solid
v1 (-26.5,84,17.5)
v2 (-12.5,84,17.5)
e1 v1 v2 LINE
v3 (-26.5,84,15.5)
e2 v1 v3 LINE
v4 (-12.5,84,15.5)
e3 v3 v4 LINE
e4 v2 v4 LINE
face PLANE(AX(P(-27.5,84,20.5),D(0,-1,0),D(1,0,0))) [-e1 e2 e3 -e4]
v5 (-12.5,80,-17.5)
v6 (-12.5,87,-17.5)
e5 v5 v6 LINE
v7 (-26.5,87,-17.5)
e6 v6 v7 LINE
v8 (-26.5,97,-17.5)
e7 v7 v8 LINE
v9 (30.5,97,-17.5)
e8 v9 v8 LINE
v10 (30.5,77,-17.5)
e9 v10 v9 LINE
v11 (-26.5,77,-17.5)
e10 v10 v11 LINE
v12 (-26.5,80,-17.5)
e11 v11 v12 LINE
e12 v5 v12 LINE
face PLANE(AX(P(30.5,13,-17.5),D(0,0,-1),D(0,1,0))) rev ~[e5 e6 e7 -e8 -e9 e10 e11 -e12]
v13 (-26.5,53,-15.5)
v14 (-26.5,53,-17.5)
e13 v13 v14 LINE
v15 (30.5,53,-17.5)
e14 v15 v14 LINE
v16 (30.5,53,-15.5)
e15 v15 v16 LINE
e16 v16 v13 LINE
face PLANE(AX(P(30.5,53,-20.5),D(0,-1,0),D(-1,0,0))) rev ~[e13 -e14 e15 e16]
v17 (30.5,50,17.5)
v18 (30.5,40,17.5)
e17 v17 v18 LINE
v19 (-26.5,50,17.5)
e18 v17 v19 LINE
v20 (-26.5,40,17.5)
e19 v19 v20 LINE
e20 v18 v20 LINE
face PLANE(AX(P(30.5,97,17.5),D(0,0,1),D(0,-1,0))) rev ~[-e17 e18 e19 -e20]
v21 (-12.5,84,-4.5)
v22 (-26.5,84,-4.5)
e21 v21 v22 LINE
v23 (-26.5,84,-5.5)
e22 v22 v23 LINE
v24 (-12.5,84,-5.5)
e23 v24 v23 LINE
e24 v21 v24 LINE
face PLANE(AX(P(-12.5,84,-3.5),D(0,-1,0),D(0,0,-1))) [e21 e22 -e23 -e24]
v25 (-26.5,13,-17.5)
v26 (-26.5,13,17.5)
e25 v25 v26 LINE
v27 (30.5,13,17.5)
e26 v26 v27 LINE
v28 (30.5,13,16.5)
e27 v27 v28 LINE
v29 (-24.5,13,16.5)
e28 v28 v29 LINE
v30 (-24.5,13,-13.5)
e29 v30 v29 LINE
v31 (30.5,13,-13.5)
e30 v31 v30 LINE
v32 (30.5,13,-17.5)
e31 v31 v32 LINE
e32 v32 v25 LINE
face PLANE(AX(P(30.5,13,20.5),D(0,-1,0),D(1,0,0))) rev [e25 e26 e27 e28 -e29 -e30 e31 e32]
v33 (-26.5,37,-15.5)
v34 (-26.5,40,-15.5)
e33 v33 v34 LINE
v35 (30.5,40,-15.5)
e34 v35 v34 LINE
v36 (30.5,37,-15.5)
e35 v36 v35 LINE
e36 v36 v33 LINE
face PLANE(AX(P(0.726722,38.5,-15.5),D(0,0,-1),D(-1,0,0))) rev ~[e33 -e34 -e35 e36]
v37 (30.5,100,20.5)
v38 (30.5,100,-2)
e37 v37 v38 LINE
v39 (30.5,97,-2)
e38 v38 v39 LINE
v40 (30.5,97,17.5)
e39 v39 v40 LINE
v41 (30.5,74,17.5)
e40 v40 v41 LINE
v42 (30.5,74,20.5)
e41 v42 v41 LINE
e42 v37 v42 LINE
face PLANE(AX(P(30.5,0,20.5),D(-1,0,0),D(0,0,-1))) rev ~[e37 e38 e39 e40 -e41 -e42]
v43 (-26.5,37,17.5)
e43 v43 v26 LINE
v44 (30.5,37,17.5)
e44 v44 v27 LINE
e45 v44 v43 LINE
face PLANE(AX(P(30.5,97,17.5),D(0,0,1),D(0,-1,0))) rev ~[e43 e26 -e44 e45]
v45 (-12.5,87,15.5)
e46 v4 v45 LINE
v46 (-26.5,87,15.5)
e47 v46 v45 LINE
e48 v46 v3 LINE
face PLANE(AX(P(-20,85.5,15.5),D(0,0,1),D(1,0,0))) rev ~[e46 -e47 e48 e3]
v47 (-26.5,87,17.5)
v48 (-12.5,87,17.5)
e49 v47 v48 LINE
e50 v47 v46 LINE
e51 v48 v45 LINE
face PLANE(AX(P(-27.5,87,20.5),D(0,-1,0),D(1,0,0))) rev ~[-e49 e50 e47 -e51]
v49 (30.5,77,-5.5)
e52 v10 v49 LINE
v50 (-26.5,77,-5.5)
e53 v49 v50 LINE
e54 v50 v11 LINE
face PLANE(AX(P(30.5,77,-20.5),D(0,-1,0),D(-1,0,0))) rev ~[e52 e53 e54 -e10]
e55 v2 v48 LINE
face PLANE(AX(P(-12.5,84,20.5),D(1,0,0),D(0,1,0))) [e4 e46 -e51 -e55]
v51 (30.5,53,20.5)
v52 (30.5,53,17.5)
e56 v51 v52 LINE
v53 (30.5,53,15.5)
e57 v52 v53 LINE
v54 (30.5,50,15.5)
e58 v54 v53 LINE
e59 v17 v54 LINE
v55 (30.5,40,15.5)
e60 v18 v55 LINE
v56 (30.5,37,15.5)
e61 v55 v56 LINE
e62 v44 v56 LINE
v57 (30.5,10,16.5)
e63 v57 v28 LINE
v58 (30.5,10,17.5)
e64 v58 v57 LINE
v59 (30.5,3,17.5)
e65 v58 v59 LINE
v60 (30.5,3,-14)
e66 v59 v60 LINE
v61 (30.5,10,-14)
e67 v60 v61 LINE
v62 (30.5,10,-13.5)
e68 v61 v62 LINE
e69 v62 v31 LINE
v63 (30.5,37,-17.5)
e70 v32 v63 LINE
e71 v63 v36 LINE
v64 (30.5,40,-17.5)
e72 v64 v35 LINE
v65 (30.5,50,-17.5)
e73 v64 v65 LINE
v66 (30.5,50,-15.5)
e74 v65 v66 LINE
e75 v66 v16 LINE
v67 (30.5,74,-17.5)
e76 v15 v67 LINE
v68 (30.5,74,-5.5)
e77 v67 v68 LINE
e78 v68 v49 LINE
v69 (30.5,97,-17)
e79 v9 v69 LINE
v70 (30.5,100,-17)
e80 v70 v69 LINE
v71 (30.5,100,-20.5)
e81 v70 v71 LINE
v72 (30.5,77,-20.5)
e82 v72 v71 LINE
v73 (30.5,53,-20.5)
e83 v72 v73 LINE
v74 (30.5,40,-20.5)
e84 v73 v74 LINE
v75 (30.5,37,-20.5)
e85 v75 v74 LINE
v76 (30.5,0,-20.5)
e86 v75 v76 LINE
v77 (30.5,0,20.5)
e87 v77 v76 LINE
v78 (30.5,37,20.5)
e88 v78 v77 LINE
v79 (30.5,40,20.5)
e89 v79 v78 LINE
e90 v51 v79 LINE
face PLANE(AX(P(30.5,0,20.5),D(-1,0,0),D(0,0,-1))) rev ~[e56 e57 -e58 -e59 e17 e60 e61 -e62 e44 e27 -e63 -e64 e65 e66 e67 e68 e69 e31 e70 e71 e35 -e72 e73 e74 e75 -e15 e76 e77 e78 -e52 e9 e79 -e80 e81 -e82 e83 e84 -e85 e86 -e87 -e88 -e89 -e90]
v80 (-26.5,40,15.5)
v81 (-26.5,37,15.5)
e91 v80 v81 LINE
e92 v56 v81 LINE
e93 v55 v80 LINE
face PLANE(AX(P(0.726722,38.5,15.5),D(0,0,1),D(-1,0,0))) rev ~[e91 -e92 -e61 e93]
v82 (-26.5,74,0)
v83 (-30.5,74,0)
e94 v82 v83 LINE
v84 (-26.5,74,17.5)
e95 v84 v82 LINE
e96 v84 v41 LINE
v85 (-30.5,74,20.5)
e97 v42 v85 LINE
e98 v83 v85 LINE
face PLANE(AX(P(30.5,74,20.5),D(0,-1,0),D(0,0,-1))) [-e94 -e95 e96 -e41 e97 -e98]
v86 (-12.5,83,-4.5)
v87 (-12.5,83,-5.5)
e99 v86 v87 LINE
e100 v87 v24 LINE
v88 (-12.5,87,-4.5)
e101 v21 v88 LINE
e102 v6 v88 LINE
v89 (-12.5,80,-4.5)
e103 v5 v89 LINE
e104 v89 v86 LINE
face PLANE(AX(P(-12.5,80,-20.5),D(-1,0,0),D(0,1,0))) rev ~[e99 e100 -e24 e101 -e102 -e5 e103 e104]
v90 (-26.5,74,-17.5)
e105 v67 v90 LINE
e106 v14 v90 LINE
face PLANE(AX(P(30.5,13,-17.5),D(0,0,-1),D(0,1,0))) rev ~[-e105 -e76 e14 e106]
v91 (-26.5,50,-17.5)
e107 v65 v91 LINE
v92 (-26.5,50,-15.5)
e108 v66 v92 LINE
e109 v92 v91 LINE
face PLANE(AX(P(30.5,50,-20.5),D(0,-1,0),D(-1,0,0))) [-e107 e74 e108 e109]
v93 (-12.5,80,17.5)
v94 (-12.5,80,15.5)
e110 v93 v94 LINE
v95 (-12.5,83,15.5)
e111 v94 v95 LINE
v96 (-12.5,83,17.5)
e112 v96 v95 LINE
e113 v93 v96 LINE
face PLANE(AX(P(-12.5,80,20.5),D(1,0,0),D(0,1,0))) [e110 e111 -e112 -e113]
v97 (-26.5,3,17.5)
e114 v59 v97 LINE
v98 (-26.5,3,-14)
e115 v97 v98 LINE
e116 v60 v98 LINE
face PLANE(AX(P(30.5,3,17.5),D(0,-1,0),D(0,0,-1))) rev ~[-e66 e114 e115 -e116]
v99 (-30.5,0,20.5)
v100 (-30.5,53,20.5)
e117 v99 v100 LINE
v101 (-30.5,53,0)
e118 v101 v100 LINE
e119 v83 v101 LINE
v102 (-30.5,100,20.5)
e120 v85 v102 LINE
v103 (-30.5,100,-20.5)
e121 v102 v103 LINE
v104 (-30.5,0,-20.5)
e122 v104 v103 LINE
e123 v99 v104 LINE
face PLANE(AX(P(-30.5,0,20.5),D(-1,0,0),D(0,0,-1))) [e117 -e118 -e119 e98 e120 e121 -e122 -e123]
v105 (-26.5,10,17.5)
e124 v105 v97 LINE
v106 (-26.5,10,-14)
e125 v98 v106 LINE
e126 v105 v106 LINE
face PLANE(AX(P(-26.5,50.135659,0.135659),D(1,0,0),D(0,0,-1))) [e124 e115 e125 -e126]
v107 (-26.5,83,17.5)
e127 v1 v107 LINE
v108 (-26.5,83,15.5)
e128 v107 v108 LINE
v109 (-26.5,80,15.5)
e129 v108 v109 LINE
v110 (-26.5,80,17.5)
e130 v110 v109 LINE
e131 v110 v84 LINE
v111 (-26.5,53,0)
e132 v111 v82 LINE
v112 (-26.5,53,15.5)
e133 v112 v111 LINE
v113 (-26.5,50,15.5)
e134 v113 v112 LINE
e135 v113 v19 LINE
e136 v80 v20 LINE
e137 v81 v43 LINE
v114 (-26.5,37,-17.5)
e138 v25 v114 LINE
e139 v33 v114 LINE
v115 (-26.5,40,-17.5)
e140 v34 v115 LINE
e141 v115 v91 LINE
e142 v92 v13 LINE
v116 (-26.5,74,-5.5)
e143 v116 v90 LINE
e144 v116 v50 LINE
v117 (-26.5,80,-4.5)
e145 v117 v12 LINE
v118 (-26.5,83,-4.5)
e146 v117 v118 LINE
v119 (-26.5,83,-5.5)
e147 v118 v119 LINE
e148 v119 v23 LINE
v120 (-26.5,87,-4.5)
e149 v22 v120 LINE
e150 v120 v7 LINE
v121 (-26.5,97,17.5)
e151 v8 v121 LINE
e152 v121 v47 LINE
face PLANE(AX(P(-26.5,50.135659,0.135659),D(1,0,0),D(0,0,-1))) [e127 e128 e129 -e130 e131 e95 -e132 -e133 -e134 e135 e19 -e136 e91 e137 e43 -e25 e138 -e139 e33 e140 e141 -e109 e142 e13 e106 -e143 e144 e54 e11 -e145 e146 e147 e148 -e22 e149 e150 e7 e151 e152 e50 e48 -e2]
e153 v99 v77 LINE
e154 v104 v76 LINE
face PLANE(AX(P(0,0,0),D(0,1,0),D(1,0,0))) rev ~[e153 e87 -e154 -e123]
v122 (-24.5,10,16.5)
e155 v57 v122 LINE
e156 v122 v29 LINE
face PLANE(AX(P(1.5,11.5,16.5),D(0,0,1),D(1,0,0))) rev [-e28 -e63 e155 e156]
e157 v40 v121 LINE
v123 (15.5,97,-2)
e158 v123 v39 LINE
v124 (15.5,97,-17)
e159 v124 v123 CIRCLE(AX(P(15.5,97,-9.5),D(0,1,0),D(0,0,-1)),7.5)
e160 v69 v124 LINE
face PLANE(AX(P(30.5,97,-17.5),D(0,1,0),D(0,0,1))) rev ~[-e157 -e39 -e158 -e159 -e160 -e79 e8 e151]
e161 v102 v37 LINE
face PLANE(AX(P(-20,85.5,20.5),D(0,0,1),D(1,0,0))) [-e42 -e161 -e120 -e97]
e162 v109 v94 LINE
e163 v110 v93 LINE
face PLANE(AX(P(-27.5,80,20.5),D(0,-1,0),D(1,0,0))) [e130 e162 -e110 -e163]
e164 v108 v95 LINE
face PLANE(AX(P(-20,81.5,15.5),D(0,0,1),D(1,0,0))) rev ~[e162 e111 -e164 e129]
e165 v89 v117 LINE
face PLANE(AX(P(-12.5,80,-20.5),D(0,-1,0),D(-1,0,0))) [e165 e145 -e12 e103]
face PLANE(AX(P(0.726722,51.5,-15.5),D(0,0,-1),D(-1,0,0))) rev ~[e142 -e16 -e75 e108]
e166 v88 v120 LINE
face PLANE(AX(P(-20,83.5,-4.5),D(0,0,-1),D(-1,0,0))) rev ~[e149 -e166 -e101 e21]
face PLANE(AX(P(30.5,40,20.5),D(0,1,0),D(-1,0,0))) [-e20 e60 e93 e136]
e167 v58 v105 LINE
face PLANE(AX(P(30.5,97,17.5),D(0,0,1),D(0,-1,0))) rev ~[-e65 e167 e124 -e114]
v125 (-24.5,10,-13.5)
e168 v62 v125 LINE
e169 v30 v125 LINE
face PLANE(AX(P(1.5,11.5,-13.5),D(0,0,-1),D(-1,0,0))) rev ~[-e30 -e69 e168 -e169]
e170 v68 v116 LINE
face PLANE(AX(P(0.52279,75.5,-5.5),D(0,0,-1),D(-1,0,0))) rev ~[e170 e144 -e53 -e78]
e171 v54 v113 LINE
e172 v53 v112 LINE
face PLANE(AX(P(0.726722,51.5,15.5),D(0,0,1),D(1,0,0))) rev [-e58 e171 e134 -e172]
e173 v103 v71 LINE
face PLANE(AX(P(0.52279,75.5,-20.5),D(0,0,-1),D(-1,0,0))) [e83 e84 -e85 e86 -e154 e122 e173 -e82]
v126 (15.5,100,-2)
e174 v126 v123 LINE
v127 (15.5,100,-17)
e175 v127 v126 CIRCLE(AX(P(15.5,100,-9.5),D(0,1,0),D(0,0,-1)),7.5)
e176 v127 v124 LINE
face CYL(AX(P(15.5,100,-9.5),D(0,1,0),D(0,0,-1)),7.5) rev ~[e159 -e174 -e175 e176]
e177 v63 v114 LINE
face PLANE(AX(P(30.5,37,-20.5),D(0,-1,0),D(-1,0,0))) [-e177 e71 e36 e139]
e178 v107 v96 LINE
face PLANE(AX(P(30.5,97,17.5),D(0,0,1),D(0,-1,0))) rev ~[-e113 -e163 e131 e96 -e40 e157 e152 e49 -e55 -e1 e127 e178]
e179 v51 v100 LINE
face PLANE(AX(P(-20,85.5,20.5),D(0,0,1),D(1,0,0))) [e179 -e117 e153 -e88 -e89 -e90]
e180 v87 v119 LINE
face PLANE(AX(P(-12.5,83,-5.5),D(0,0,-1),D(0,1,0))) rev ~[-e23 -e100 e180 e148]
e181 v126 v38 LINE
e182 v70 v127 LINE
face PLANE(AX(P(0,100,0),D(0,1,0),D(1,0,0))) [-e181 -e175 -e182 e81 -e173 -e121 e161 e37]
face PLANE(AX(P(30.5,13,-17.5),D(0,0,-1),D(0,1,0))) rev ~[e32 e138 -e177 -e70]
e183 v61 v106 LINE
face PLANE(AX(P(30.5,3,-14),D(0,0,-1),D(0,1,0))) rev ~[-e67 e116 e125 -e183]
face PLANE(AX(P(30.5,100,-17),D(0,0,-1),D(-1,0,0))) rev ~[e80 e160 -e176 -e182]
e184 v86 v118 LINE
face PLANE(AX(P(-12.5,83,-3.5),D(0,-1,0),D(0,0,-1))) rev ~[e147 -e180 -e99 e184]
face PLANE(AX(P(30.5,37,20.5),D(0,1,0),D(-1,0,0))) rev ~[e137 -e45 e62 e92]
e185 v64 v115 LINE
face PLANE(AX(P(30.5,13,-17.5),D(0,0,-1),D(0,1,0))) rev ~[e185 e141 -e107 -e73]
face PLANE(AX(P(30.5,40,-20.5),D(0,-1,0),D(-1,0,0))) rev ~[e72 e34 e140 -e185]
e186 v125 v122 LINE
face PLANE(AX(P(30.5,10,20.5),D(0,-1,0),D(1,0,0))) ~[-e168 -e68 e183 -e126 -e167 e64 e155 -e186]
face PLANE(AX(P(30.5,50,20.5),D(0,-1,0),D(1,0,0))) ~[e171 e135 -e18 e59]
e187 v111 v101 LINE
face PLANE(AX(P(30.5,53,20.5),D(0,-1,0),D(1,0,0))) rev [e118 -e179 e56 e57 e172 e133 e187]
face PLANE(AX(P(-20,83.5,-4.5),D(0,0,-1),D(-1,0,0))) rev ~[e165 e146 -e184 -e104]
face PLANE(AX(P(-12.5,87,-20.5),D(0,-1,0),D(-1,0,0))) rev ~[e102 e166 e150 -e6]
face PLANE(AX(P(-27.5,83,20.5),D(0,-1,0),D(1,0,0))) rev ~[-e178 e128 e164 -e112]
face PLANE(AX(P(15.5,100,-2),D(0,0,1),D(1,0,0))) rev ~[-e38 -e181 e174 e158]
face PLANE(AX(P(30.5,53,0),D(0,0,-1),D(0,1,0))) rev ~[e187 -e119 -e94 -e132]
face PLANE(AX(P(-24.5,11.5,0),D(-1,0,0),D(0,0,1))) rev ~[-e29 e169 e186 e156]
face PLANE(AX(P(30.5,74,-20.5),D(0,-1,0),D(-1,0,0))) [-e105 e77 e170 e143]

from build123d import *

# Parameters (mm, degrees)
ESQUISSE1_W                          = 61
ESQUISSE1_H                          = 41
BOSS_EXTRU_1_DEPTH                   = 100
ENL_V_MAT_EXTRU_1_DEPTH              = 57
ESQUISSE6_W                          = 58
ESQUISSE6_H                          = 3
BOSS_EXTRU_2_DEPTH                   = 4
ESQUISSE7_W                          = 35
ESQUISSE7_H                          = 3
BOSS_EXTRU_3_DEPTH                   = 6
ESQUISSE11_W                         = 58
ESQUISSE11_H                         = 3
BOSS_EXTRU_4_DEPTH                   = 7
ESQUISSE12_W                         = 59.546555331
ESQUISSE12_H                         = 3
BOSS_EXTRU_5_DEPTH                   = 5
R_P_TITION_LIN_AIRE1_COUNT           = 2
R_P_TITION_LIN_AIRE1_PITCH           = 13
R_P_TITION_LIN_AIRE1_COPY_1_SKETCH_W = 59.546555331
R_P_TITION_LIN_AIRE1_COPY_1_SKETCH_H = 3
R_P_TITION_LIN_AIRE1_COPY_1_DEPTH    = 5
ESQUISSE13_W                         = 15
ESQUISSE13_H                         = 3
BOSS_EXTRU_6_DEPTH                   = 5
R_P_TITION_LIN_AIRE3_COUNT           = 2
R_P_TITION_LIN_AIRE3_PITCH           = 4
ESQUISSE14_W                         = 15
ESQUISSE14_H                         = 7
BOSS_EXTRU_7_DEPTH                   = 16
ESQUISSE15_W                         = 2
ESQUISSE15_H                         = 1
ENL_V_MAT_EXTRU_2_DEPTH              = 14
ENL_V_MAT_EXTRU_3_DEPTH              = 15
ESQUISSE17_W                         = 59.954419869
ESQUISSE17_H                         = 3
BOSS_EXTRU_8_DEPTH                   = 15
ESQUISSE18_W                         = 20.5
ESQUISSE18_H                         = 21
ENL_V_MAT_EXTRU_4_DEPTH              = 62


with BuildPart() as part:
    # Esquisse1 → Boss.-Extru.1 (new body)
    with BuildSketch(Plane(origin=(0, 0, 0), x_dir=(1, 0, 0), z_dir=(0, 1, 0))):
        Rectangle(ESQUISSE1_W, ESQUISSE1_H)
    extrude(amount=BOSS_EXTRU_1_DEPTH)

    # Esquisse3 → Enlèv. mat.-Extru.1 (cut)
    with BuildSketch(Plane(origin=(30.5, 0, 0), x_dir=(0, 0, -1), z_dir=(1, 0, 0))):
        Polygon((17.5, 13), (17.5, 97), (-17.5, 97), (-17.5, 3), (14, 3), (14, 13), align=None)
    extrude(amount=-ENL_V_MAT_EXTRU_1_DEPTH, mode=Mode.SUBTRACT)

    # Esquisse6 → Boss.-Extru.2 (add)
    with BuildSketch(Plane(origin=(0, 0, -20.5), x_dir=(-1, 0, 0), z_dir=(0, 0, -1))):
        with Locations((-1.5, 11.5)):
            Rectangle(ESQUISSE6_W, ESQUISSE6_H)
    boss_extru_2 = extrude(amount=-BOSS_EXTRU_2_DEPTH)

    # Symétrie1: Boss.-Extru.2 across plane
    add(boss_extru_2.mirror(Plane.XY))

    # Esquisse7 → Boss.-Extru.3 (add)
    with BuildSketch(Plane.ZY.offset(30.5)):
        with Locations((0, 11.5)):
            Rectangle(ESQUISSE7_W, ESQUISSE7_H)
    extrude(amount=-BOSS_EXTRU_3_DEPTH)

    # Esquisse11 → Boss.-Extru.4 (add)
    with BuildSketch(Plane(origin=(0, 0, -20.5), x_dir=(-1, 0, 0), z_dir=(0, 0, -1))):
        with Locations((-1.5, 11.5)):
            Rectangle(ESQUISSE11_W, ESQUISSE11_H)
    extrude(amount=-BOSS_EXTRU_4_DEPTH)

    # Esquisse12 → Boss.-Extru.5 (add)
    with BuildSketch(Plane(origin=(0, 0, -20.5), x_dir=(-1, 0, 0), z_dir=(0, 0, -1))):
        with Locations((-0.726722335, 51.5)):
            Rectangle(ESQUISSE12_W, ESQUISSE12_H)
    boss_extru_5 = extrude(amount=-BOSS_EXTRU_5_DEPTH)

    # Symétrie2: Boss.-Extru.5 across plane
    add(boss_extru_5.mirror(Plane.XY))

    # Répétition linéaire1: Boss.-Extru.5 ×2
    with Locations(*[(0, -i * R_P_TITION_LIN_AIRE1_PITCH, 0) for i in range(1, R_P_TITION_LIN_AIRE1_COUNT)]):
        add(boss_extru_5)

    # Répétition linéaire1 copy 1 sketch → Répétition linéaire1 copy 1 (add)
    with BuildSketch(Plane(origin=(0, -13, 20.5), x_dir=(-1, 0, 0), z_dir=(0, 0, 1))):
        with Locations((-0.726722335, -51.5)):
            Rectangle(R_P_TITION_LIN_AIRE1_COPY_1_SKETCH_W, R_P_TITION_LIN_AIRE1_COPY_1_SKETCH_H)
    extrude(amount=-R_P_TITION_LIN_AIRE1_COPY_1_DEPTH)

    # Esquisse13 → Boss.-Extru.6 (add)
    with BuildSketch(Plane.XY.offset(20.5)):
        with Locations((-20, 81.5)):
            Rectangle(ESQUISSE13_W, ESQUISSE13_H)
    boss_extru_6 = extrude(amount=-BOSS_EXTRU_6_DEPTH)

    # Répétition linéaire3: Boss.-Extru.6 ×2
    with Locations(*[(0, i * R_P_TITION_LIN_AIRE3_PITCH, 0) for i in range(1, R_P_TITION_LIN_AIRE3_COUNT)]):
        add(boss_extru_6)

    # Esquisse14 → Boss.-Extru.7 (add)
    with BuildSketch(Plane(origin=(0, 0, -20.5), x_dir=(-1, 0, 0), z_dir=(0, 0, -1))):
        with Locations((20, 83.5)):
            Rectangle(ESQUISSE14_W, ESQUISSE14_H)
    extrude(amount=-BOSS_EXTRU_7_DEPTH)

    # Esquisse15 → Enlèv. mat.-Extru.2 (cut)
    with BuildSketch(Plane(origin=(-12.5, 0, 0), x_dir=(0, 0, -1), z_dir=(1, 0, 0))):
        with Locations((4.5, 83.5)):
            Rectangle(ESQUISSE15_W, ESQUISSE15_H)
    extrude(amount=-ENL_V_MAT_EXTRU_2_DEPTH, mode=Mode.SUBTRACT)

    # Esquisse16 → Enlèv. mat.-Extru.3 (cut)
    with BuildSketch(Plane(origin=(0, 100, 0), x_dir=(1, 0, 0), z_dir=(0, 1, 0))):
        with BuildLine():
            Line((15.5, 2), (30.5, 2))
            Line((30.5, 2), (30.5, 17))
            Line((30.5, 17), (15.5, 17))
            ThreePointArc((15.5, 17), (8, 9.5), (15.5, 2))
        make_face()
    extrude(amount=-ENL_V_MAT_EXTRU_3_DEPTH, mode=Mode.SUBTRACT)

    # Esquisse17 → Boss.-Extru.8 (add)
    with BuildSketch(Plane(origin=(0, 0, -20.5), x_dir=(-1, 0, 0), z_dir=(0, 0, -1))):
        with Locations((-0.522790066, 75.5)):
            Rectangle(ESQUISSE17_W, ESQUISSE17_H)
    extrude(amount=-BOSS_EXTRU_8_DEPTH)

    # Esquisse18 → Enlèv. mat.-Extru.4 (cut, through all)
    with BuildSketch(Plane(origin=(30.5, 0, 0), x_dir=(0, 0, -1), z_dir=(1, 0, 0))):
        with Locations((-10.25, 63.5)):
            Rectangle(ESQUISSE18_W, ESQUISSE18_H)
    extrude(amount=-ENL_V_MAT_EXTRU_4_DEPTH, mode=Mode.SUBTRACT)


solid = part.part
